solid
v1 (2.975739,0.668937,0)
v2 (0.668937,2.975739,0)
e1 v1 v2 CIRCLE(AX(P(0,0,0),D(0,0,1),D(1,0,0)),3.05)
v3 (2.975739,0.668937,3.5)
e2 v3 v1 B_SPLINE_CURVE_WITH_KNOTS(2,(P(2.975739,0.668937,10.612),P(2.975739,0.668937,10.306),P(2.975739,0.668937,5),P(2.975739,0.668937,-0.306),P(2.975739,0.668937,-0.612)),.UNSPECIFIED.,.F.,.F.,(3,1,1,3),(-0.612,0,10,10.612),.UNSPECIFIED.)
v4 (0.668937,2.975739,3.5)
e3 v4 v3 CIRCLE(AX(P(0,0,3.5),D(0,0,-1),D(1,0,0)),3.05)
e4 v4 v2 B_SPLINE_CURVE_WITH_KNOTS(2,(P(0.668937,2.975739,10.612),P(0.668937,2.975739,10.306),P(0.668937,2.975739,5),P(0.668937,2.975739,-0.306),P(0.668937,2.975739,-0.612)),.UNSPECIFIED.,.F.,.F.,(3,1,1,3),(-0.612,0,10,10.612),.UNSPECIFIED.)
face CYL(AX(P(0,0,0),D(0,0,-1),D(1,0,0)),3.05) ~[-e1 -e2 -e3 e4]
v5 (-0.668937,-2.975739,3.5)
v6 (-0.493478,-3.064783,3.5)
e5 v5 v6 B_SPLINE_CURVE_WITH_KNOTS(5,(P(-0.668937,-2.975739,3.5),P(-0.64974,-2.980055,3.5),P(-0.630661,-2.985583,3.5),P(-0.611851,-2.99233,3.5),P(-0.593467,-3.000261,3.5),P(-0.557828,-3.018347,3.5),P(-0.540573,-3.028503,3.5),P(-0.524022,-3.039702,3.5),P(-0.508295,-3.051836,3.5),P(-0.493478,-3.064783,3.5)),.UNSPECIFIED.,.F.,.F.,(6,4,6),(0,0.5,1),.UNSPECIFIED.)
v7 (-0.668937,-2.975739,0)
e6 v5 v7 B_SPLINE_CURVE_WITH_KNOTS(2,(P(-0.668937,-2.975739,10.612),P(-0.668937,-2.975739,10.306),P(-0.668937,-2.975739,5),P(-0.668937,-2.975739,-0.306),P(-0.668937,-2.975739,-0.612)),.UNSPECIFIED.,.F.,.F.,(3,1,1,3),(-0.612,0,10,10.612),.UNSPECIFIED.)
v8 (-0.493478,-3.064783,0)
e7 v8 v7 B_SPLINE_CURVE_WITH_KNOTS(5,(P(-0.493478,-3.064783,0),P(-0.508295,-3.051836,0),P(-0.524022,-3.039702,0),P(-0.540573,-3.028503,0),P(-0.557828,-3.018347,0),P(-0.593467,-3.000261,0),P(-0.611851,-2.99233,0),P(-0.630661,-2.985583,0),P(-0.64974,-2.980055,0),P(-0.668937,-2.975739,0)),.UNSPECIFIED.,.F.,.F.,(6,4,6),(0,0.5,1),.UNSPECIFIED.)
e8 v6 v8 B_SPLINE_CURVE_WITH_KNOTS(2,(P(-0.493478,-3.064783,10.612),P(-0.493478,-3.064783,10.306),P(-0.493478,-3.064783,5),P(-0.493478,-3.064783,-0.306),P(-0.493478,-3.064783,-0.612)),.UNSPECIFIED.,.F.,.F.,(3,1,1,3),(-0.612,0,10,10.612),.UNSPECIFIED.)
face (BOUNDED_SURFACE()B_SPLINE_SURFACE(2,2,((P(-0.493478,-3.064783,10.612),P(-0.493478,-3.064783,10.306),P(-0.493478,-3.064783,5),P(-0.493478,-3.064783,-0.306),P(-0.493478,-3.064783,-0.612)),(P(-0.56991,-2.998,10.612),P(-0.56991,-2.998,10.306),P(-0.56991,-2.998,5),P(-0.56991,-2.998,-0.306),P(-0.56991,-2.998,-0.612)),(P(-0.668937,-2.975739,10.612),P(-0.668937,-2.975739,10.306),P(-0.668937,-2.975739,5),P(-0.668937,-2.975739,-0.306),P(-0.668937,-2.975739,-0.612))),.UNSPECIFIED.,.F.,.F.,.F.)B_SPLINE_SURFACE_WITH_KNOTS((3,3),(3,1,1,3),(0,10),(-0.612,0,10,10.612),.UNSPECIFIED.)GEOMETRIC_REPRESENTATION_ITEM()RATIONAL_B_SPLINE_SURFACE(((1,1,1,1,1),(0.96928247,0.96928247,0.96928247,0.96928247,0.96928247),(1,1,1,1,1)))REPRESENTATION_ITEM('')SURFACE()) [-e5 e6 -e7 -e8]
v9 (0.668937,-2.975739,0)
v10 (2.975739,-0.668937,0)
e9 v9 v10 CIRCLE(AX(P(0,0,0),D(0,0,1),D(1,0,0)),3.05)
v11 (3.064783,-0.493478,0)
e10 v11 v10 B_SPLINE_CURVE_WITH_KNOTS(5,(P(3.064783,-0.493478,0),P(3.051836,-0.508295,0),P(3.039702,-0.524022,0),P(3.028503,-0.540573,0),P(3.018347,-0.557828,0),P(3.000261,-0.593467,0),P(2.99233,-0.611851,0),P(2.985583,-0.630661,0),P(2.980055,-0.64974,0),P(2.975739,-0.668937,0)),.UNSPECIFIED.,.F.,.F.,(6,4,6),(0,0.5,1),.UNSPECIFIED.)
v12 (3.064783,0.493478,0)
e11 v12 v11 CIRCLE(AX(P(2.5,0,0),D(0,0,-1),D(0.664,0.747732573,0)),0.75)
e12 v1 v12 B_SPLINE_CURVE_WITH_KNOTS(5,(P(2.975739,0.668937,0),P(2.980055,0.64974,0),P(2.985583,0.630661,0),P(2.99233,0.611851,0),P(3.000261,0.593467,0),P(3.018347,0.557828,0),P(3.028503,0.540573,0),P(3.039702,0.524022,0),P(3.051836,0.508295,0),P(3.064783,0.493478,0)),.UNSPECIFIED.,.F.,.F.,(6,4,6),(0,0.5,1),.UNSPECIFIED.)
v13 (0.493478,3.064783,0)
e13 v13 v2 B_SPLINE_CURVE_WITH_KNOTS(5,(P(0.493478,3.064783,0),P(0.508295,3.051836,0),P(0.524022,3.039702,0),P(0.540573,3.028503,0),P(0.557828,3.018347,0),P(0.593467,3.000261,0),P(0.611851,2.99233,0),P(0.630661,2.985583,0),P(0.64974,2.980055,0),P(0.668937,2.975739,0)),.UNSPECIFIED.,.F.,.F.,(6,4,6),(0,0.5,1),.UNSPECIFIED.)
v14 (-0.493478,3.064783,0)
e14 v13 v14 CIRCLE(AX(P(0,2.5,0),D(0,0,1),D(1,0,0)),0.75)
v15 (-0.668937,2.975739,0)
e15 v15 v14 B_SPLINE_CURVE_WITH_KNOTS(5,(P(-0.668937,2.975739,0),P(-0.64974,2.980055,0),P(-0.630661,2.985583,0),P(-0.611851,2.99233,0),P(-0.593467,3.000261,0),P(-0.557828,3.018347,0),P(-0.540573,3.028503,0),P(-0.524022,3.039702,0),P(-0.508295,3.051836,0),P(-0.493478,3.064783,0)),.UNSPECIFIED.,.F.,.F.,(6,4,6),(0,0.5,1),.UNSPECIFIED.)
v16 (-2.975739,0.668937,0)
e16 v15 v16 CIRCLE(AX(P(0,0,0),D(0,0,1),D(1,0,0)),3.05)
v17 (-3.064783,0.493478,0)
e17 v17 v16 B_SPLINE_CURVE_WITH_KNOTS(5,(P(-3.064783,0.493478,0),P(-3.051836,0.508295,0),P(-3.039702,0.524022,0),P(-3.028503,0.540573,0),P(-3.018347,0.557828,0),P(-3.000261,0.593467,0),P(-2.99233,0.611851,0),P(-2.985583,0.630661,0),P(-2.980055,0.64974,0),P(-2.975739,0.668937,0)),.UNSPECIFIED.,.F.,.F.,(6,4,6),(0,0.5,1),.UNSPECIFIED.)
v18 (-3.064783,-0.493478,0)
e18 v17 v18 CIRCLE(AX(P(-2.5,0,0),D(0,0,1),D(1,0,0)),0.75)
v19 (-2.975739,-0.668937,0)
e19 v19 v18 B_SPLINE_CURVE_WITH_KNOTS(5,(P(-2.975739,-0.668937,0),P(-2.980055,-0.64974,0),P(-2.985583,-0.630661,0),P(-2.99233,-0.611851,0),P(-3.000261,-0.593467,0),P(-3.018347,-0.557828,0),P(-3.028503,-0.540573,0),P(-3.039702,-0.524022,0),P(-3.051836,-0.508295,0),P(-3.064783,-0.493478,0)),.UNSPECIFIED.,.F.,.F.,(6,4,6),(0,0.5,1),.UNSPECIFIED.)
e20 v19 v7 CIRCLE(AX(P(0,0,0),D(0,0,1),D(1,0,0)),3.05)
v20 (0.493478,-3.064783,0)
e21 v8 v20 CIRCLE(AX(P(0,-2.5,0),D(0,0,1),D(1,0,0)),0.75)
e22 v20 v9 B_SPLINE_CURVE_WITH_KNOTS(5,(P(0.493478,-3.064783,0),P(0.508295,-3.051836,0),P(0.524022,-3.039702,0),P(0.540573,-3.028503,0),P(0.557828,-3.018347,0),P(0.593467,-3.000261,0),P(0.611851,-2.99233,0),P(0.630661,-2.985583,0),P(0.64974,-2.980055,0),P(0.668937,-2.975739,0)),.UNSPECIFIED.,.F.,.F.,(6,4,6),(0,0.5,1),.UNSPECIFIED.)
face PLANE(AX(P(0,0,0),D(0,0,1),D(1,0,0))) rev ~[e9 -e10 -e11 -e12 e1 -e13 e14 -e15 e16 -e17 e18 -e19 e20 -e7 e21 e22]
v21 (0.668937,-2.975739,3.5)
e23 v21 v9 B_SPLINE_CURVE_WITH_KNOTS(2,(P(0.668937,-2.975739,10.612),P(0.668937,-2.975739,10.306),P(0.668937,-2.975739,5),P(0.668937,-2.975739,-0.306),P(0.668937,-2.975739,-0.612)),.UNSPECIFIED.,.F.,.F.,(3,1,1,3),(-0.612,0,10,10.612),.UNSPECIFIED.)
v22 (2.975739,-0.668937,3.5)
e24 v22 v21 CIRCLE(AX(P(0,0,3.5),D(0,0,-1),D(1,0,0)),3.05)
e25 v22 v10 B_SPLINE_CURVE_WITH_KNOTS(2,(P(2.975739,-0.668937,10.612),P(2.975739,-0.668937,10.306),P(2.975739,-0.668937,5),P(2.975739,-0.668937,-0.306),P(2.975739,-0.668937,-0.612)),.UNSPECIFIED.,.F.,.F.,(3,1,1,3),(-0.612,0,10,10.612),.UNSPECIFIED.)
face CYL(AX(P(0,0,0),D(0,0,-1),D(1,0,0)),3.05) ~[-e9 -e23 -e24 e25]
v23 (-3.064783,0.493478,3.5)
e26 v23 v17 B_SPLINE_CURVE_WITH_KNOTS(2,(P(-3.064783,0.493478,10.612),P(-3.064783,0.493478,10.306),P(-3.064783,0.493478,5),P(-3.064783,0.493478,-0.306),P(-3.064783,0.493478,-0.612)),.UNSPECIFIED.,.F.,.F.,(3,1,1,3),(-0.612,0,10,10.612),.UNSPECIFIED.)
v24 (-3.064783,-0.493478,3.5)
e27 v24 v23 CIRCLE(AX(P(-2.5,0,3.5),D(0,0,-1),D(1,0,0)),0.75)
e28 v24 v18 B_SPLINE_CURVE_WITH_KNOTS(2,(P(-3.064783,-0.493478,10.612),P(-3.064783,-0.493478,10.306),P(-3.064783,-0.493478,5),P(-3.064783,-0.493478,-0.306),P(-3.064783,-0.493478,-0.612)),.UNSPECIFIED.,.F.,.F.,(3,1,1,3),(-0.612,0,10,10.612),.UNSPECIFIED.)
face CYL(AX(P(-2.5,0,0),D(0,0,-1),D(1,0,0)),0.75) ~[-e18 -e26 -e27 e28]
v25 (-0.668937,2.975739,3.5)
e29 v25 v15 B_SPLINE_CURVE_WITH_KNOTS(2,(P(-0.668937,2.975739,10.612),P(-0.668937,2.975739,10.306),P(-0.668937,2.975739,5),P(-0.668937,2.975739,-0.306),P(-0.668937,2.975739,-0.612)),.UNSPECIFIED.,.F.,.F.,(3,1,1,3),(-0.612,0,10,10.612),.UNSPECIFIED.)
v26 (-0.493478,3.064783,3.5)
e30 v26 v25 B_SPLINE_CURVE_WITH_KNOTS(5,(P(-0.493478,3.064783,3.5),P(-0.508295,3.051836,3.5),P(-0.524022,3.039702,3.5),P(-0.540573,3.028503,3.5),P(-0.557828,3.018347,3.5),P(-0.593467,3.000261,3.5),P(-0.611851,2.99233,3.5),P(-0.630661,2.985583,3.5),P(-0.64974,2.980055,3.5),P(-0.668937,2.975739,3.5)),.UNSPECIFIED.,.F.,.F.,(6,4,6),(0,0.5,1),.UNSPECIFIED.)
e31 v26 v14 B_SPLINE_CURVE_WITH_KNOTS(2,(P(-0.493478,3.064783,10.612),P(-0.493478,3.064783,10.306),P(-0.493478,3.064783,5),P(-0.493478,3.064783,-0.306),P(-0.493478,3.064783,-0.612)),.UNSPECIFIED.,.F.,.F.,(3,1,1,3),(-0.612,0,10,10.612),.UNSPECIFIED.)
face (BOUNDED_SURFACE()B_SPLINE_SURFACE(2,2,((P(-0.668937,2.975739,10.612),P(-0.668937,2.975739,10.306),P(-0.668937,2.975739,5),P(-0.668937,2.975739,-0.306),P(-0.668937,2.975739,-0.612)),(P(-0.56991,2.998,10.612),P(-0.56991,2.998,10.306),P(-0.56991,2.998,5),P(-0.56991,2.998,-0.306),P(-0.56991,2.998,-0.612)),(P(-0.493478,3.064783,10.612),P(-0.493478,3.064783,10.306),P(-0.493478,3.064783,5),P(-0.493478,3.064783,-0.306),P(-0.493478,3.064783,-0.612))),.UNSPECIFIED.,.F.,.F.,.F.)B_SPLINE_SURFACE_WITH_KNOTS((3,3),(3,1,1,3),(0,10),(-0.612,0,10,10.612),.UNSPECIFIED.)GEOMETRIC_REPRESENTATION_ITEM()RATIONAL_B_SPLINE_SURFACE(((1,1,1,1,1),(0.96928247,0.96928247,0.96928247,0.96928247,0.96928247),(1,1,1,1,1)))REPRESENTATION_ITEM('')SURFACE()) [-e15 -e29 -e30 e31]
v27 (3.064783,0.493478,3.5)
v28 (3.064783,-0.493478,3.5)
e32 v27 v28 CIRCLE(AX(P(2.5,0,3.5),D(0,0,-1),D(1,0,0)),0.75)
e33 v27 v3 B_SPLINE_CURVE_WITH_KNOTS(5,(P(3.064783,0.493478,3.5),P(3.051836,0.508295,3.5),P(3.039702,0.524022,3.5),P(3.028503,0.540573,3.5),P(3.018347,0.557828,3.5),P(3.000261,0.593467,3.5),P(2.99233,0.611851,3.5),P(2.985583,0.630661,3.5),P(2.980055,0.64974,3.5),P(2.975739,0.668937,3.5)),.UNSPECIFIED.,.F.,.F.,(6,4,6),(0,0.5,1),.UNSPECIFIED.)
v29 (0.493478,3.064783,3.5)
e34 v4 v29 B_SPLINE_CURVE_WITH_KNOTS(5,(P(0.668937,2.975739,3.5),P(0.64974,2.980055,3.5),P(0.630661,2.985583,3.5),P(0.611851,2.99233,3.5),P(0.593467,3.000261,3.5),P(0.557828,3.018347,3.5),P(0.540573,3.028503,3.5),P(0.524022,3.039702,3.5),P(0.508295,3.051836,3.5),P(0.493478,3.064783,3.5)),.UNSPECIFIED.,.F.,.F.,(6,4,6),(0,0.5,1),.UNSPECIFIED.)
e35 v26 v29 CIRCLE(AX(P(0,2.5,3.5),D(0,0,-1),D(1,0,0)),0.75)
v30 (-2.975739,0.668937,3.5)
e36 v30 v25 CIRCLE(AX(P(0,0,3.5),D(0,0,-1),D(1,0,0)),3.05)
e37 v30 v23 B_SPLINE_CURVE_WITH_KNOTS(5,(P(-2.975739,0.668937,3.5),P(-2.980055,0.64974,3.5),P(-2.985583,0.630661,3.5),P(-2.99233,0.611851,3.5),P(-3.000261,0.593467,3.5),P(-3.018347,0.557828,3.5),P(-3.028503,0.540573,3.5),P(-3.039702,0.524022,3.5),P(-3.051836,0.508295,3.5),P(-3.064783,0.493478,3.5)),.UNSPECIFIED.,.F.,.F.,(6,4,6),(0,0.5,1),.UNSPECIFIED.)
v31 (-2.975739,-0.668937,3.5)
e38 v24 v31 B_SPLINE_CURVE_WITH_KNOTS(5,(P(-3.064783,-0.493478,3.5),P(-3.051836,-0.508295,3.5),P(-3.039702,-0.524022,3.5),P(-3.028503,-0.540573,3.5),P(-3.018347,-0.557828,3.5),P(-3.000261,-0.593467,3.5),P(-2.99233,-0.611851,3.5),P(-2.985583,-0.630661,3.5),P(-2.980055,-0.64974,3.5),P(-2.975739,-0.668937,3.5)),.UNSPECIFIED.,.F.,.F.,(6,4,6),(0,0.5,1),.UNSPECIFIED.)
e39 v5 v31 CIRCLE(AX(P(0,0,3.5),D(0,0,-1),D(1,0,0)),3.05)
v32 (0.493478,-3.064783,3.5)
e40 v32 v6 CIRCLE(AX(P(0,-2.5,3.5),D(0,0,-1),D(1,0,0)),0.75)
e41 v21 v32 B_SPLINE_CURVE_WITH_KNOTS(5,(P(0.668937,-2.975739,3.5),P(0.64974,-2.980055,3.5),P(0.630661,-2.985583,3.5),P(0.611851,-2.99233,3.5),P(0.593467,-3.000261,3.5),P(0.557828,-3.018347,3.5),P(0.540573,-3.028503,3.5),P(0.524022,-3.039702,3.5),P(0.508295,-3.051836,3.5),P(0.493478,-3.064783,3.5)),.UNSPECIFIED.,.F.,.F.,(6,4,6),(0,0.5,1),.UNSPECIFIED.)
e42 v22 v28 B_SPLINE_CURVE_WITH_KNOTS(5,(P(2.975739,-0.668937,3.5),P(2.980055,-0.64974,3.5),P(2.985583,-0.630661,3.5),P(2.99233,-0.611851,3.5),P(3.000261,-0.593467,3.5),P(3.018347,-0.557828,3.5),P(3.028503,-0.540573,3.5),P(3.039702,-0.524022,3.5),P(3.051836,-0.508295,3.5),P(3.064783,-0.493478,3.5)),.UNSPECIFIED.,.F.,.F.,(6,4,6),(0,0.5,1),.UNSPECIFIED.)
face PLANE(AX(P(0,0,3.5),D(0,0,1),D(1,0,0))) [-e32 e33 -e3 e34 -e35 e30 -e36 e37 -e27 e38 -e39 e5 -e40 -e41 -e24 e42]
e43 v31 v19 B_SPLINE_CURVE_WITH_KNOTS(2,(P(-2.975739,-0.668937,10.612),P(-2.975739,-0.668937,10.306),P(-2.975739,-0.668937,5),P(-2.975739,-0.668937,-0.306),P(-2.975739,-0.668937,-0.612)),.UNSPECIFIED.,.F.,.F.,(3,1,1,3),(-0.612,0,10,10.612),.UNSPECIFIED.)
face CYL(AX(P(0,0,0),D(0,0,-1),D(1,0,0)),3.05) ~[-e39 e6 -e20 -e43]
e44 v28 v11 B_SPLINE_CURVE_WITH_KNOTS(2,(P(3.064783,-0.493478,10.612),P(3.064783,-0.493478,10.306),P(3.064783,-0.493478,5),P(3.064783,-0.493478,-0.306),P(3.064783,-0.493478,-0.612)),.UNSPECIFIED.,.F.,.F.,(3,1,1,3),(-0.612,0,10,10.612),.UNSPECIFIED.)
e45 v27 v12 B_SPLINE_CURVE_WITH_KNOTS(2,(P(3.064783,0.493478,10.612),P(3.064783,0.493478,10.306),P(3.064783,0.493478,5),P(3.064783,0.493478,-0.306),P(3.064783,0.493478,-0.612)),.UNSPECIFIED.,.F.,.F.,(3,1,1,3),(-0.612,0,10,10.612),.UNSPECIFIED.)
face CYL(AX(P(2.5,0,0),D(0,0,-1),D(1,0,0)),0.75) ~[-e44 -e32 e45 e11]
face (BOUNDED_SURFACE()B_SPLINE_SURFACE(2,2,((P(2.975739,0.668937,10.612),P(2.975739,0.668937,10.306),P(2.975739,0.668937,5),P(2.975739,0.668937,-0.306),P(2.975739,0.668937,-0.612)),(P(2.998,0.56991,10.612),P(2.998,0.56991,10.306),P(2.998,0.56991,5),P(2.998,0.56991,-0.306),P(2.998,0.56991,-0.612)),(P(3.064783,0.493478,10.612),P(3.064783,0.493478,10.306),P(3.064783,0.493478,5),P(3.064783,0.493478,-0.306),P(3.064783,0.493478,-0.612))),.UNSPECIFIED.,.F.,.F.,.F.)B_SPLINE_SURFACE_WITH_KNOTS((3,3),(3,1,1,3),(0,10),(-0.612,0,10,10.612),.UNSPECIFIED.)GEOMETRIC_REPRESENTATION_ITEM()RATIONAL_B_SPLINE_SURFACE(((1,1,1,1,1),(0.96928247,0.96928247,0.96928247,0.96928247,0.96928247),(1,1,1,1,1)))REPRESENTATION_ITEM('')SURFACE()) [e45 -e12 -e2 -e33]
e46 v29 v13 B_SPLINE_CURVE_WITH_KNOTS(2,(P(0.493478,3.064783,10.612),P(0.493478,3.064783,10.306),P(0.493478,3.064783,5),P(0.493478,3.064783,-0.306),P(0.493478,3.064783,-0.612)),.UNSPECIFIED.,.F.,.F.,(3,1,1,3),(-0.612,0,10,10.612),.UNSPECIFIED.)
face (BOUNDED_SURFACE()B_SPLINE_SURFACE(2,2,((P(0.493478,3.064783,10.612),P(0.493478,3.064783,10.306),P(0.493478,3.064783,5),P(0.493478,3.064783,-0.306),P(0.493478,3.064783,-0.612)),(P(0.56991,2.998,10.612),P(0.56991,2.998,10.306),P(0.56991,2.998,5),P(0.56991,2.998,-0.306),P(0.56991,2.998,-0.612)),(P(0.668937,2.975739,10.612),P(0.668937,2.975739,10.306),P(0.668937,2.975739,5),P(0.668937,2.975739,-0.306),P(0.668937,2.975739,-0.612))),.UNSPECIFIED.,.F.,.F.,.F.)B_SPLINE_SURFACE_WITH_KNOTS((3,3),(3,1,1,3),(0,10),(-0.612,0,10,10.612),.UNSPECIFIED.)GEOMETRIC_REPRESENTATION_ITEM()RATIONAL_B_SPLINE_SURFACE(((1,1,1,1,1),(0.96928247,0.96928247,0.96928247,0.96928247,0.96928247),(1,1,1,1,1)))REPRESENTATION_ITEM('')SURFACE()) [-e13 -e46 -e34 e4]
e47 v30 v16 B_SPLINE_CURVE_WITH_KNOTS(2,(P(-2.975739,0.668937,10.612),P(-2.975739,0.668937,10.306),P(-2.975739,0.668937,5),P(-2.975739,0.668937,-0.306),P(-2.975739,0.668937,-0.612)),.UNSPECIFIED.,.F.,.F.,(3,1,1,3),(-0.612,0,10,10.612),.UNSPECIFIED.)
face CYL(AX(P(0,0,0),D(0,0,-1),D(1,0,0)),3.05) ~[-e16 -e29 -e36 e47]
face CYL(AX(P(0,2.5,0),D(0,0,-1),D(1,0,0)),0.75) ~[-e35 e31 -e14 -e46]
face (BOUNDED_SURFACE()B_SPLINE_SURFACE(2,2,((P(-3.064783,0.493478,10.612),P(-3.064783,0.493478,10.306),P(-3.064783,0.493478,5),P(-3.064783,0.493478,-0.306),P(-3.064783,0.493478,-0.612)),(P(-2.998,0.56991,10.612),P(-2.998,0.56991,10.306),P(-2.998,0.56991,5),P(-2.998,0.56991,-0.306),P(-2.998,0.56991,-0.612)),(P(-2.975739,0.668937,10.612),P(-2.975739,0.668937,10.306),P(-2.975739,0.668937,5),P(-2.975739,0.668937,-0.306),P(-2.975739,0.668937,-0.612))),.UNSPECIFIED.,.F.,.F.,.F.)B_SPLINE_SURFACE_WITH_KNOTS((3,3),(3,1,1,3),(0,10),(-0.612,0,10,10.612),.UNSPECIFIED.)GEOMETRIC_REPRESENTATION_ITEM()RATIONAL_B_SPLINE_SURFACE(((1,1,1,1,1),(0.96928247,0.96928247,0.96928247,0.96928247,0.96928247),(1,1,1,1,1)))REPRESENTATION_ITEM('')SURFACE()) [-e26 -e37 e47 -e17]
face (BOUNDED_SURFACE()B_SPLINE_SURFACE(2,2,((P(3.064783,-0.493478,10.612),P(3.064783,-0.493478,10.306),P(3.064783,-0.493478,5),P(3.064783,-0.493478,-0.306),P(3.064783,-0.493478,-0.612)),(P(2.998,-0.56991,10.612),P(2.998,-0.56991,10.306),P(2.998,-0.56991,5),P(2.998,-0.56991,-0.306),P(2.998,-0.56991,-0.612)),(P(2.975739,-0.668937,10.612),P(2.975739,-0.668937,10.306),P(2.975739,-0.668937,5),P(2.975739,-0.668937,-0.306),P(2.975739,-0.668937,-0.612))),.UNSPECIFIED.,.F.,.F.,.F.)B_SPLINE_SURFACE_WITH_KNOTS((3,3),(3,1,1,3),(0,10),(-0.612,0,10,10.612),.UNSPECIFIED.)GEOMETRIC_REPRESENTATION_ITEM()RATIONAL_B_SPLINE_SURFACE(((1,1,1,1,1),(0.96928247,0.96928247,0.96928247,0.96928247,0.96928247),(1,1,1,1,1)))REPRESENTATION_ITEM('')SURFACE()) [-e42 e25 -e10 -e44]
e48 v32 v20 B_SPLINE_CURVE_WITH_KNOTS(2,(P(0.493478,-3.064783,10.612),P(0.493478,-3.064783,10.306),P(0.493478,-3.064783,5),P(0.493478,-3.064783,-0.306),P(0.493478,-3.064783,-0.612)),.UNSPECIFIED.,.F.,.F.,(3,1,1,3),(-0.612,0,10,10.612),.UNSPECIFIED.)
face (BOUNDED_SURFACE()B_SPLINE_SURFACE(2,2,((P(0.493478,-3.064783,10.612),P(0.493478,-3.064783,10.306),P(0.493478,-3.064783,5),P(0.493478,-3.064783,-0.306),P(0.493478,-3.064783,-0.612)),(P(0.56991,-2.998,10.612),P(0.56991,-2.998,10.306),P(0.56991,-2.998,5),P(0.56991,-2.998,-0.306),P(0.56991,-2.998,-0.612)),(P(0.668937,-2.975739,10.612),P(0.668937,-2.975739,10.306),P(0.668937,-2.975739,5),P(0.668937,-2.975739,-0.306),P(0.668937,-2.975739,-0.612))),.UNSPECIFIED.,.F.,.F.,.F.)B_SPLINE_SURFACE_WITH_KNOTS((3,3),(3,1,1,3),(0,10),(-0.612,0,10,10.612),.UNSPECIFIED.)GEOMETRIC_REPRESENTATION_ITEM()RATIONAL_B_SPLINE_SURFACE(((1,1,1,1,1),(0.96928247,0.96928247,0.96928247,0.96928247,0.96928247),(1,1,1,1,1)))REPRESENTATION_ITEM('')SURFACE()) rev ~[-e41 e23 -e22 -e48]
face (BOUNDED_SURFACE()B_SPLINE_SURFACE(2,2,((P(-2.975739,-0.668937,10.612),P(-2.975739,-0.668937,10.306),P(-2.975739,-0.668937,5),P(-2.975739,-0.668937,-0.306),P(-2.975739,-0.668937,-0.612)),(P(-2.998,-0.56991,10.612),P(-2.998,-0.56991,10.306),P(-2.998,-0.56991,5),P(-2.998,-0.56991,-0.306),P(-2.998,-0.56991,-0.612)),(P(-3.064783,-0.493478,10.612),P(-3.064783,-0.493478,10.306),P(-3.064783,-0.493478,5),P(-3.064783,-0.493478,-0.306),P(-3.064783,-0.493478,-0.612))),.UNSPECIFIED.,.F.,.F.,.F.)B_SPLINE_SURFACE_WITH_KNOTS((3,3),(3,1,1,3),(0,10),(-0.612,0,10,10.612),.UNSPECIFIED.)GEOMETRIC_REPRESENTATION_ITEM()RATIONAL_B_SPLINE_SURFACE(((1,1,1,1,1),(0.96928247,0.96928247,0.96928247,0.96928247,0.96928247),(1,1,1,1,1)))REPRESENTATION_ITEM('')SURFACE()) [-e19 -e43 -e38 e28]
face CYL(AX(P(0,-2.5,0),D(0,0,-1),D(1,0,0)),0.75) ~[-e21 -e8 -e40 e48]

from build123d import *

# Parameters (mm, degrees)
CYLINDER004_R     = 0.75
CYLINDER004_DEPTH = 10
CYLINDER005_R     = 0.75
CYLINDER005_DEPTH = 10
CYLINDER006_R     = 0.75
CYLINDER006_DEPTH = 10
CYLINDER003_R     = 0.75
CYLINDER003_DEPTH = 10
CYLINDER002_R     = 3.05
CYLINDER002_DEPTH = 10
FILLET_R          = 0.4
CYLINDER007_R     = 4
CYLINDER007_DEPTH = 3.5


with BuildPart() as cylinder004:
    # Cylinder004 → Cylinder004 (new body)
    with BuildSketch(Plane(origin=(0, -2.5, 0), x_dir=(1, 0, 0), z_dir=(0, 0, 1))):
        Circle(CYLINDER004_R)
    extrude(amount=CYLINDER004_DEPTH)


with BuildPart() as cylinder005:
    # Cylinder005 → Cylinder005 (new body)
    with BuildSketch(Plane(origin=(2.5, 0, 0), x_dir=(1, 0, 0), z_dir=(0, 0, 1))):
        Circle(CYLINDER005_R)
    extrude(amount=CYLINDER005_DEPTH)


with BuildPart() as cylinder006:
    # Cylinder006 → Cylinder006 (new body)
    with BuildSketch(Plane(origin=(-2.5, 0, 0), x_dir=(1, 0, 0), z_dir=(0, 0, 1))):
        Circle(CYLINDER006_R)
    extrude(amount=CYLINDER006_DEPTH)


with BuildPart() as fusion002:
    # Cylinder003 → Cylinder003 (new body)
    with BuildSketch(Plane(origin=(0, 2.5, 0), x_dir=(1, 0, 0), z_dir=(0, 0, 1))):
        Circle(CYLINDER003_R)
    extrude(amount=CYLINDER003_DEPTH)

    # Fusion002: union Cylinder004, Cylinder005, Cylinder006
    add(cylinder004.part)
    add(cylinder005.part)
    add(cylinder006.part)


with BuildPart() as magnet_cut:
    # Cylinder002 → Cylinder002 (new body)
    with BuildSketch(Plane.XY):
        Circle(CYLINDER002_R)
    extrude(amount=CYLINDER002_DEPTH)

    # Fusion003: union Fusion002
    add(fusion002.part)

    # Fillet
    fillet_edges = [magnet_cut.edges().sort_by_distance(p)[0] for p in [
        (2.998, -0.560799, 5),
        (2.998, 0.560799, 5),
        (0.560799, -2.998, 5),
        (-0.560799, -2.998, 5),
        (-2.998, -0.560799, 5),
        (-2.998, 0.560799, 5),
        (-0.560799, 2.998, 5),
        (0.560799, 2.998, 5),
    ]]
    fillet(fillet_edges, radius=FILLET_R)


with BuildPart() as common:
    # Cylinder007 → Cylinder007 (new body)
    with BuildSketch(Plane.XY):
        Circle(CYLINDER007_R)
    extrude(amount=CYLINDER007_DEPTH)

    # Common: intersect magnet-cut
    add(magnet_cut.part, mode=Mode.INTERSECT)


solid = common.part
